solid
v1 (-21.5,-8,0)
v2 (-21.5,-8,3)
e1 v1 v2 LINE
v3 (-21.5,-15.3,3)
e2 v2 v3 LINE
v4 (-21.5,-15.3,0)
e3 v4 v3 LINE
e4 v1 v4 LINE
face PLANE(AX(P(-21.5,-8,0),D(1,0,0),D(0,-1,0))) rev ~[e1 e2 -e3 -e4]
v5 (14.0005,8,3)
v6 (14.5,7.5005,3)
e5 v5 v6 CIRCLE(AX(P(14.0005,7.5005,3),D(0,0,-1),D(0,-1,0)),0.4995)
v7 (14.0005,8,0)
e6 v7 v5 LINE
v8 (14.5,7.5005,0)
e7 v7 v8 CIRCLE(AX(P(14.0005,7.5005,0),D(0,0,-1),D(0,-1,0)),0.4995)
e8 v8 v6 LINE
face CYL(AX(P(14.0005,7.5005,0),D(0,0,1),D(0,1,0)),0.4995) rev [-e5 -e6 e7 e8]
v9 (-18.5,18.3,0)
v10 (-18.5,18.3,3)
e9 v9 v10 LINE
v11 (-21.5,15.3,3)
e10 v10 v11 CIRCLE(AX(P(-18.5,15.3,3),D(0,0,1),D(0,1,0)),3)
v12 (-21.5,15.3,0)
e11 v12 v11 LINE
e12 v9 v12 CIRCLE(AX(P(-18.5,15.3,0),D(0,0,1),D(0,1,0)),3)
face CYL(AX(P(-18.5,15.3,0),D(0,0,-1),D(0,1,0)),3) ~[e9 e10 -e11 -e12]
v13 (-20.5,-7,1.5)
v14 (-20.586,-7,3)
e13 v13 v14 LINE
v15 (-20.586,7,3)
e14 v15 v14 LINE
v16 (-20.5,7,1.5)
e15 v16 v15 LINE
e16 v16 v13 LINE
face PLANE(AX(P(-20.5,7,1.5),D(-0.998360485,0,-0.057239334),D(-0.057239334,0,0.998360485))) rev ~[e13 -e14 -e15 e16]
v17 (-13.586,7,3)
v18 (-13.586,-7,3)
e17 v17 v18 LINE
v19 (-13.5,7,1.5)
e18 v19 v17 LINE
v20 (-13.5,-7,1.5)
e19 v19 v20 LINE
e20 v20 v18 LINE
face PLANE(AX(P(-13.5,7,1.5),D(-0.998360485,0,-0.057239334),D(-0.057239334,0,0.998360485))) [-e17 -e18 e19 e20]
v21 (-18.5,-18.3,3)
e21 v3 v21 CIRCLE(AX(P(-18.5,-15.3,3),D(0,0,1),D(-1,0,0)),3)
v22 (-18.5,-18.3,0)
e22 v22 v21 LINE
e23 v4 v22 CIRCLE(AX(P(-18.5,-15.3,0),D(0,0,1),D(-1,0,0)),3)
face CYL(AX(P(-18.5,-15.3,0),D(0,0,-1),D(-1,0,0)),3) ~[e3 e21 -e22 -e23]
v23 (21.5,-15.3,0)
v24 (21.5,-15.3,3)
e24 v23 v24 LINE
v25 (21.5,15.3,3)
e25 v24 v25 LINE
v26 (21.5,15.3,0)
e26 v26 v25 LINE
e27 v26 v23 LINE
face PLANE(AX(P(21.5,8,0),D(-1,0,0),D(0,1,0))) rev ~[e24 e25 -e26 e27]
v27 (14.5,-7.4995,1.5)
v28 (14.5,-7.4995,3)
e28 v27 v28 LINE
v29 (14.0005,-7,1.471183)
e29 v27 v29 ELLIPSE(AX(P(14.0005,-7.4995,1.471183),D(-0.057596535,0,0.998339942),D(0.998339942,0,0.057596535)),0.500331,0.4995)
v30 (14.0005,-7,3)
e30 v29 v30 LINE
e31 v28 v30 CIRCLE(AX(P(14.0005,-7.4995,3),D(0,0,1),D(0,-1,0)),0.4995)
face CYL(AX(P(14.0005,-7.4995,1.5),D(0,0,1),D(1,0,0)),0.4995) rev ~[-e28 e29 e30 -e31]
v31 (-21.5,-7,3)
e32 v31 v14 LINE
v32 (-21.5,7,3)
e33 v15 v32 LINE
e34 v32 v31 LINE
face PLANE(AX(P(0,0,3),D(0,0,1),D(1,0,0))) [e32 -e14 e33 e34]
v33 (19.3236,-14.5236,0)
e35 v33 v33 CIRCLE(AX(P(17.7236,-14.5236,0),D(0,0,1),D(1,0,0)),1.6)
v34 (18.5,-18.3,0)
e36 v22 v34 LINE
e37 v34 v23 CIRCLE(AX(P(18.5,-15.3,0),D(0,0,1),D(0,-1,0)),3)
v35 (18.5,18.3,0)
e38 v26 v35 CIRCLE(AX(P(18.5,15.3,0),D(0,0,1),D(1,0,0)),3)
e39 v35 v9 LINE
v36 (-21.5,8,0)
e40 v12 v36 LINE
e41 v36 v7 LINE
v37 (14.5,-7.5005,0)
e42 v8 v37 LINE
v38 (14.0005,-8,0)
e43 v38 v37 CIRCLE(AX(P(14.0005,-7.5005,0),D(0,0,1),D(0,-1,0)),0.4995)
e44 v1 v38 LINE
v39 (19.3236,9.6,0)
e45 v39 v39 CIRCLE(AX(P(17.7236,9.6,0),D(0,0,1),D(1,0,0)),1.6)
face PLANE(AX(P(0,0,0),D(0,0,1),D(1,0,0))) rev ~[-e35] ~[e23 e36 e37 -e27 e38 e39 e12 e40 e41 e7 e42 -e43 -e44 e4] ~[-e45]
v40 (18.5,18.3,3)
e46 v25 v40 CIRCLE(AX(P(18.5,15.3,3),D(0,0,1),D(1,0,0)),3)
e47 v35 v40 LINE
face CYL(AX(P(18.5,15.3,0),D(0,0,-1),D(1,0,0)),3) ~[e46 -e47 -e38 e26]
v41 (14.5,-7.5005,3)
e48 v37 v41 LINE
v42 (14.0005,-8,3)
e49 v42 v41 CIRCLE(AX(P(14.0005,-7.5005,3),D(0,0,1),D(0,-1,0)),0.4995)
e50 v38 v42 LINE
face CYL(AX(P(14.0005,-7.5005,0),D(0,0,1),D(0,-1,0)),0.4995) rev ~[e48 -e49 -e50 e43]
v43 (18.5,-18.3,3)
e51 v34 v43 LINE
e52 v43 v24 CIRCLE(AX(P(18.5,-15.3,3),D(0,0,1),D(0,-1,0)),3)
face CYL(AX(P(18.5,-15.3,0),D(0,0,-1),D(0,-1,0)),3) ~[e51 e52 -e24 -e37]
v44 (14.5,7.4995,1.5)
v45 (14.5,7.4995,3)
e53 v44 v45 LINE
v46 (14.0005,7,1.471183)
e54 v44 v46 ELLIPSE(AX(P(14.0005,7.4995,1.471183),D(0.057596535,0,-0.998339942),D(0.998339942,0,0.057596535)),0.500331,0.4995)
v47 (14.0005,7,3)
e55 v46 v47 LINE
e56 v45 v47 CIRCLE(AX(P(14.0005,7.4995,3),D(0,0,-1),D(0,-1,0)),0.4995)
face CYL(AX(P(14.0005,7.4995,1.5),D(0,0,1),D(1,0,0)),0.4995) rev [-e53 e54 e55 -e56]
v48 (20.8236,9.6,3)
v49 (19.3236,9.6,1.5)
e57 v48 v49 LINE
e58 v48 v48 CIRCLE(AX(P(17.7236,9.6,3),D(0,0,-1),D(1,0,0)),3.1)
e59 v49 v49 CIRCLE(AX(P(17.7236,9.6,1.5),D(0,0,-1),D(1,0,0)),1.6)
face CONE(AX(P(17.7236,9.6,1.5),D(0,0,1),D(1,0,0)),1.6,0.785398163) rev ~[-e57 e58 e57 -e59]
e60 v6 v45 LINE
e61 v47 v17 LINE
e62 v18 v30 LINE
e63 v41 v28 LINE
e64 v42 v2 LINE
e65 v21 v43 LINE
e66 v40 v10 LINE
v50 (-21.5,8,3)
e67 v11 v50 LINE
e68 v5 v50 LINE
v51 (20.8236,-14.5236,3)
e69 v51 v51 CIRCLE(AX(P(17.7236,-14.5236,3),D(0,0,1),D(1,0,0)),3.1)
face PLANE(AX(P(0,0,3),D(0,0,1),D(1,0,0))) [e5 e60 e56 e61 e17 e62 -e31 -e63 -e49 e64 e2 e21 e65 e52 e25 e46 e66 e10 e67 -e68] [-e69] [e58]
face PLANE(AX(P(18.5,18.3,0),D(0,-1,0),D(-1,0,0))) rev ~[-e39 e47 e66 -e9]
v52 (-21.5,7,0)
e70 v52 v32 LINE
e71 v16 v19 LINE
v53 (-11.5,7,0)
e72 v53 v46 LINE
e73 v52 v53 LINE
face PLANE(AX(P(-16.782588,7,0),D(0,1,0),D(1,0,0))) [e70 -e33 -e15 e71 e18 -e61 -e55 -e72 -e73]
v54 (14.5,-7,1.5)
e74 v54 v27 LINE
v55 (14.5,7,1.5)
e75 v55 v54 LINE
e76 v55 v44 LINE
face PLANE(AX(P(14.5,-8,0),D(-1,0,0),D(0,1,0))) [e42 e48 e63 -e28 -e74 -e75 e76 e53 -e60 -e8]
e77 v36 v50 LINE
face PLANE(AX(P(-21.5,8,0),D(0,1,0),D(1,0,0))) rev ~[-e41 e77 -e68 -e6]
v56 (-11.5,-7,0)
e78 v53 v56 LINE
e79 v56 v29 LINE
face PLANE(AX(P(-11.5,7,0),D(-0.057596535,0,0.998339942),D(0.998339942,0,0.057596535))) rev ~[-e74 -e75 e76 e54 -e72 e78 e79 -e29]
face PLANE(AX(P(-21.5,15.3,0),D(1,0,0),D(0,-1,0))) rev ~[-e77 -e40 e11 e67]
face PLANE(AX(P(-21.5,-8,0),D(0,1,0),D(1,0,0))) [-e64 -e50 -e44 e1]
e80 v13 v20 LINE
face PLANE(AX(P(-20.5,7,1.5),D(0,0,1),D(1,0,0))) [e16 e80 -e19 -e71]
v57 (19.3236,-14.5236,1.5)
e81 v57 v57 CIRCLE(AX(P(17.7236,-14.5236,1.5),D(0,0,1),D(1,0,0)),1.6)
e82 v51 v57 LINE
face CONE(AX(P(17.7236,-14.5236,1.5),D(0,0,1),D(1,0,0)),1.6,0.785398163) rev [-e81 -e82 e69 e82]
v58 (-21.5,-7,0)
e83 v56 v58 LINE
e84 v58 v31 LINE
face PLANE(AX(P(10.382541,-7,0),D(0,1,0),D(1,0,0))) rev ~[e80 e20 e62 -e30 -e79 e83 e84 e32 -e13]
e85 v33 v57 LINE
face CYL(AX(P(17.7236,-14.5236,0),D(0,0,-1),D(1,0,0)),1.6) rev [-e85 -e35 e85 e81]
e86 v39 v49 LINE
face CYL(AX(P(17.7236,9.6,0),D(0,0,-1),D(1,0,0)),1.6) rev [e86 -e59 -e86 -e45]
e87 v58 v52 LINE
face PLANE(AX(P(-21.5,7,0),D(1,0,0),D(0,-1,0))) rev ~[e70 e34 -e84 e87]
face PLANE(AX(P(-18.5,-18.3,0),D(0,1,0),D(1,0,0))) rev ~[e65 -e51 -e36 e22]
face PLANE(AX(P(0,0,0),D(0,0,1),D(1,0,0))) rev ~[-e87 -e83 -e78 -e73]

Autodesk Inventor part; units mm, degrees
ref_plane "YZ Plane" through (0, 0, 0) normal (1, 0, 0) x (0, 1, 0)
ref_plane "XZ Plane" through (0, 0, 0) normal (0, 1, 0) x (-1, 0, 0)
ref_plane "XY Plane" through (0, 0, 0) normal (0, 0, 1) x (1, 0, 0)
sketch "Sketch1" plane through (0, 0, 0) normal (0, 0, 1) x (1, 0, 0)
  circle A0 centre (17.7236, 9.6) radius 1.6 projected
  circle A1 centre (17.7236, -14.5236) radius 1.6 projected
  line L0 (7.5226, -3.6515) -> (7.5226, 2.8) projected
  line L1 (7.5226, -3.6515) -> (9.3355, -5.4645) projected
  arc A2 (1.9766, -12.2221) -> (9.3355, -5.4645) centre (5.8, -9) ccw projected
  spline S0 degree 2 poles (1.9766, -12.2221) (-3.2, -10.4641) (-8.3766, -12.2221) knots 0.21241 0.21241 0.21241 0.78759 0.78759 0.78759 projected
  arc A3 (-15.4221, -5.1766) -> (-8.3766, -12.2221) centre (-12.2, -9) ccw projected
  spline S1 degree 2 poles (-15.4221, -5.1766) (-13.6641, 0) (-15.4221, 5.1766) knots 0.212408 0.212408 0.212408 0.787591 0.787591 0.787591 projected
  arc A4 (-8.6645, 12.5355) -> (-15.4221, 5.1766) centre (-12.2, 9) ccw projected
  line L2 (-8.6645, 12.5355) -> (-5.3142, 9.1853) projected
  arc A5 (-5.3142, 9.1853) -> (-2.6505, 9.0378) centre (-3.9, 10.5995) ccw projected
  arc A6 (-2.6505, 9.0378) -> (-2.5046, 9) centre (-2.5046, 9.3) ccw projected
  line L3 (-2.5046, 9) -> (-1.9, 9) projected
  arc A7 (3.1749, 12.6) -> (-1.9, 9) centre (7.9405, 0.505) ccw projected
  line L4 (3.1749, 12.6) -> (15.5327, 12.6) projected
  arc A8 (15.7904, 11.8941) -> (15.5327, 12.6) centre (15.5327, 12.2) ccw projected
  arc A9 (15.7904, 11.8941) -> (17.7236, 6.6) centre (17.7236, 9.6) ccw projected
  line L5 (18.5, 6.6) -> (17.7236, 6.6) projected
  line L6 (18.5, 6.6) -> (18.5, 2.8) projected
  line L7 (7.5226, 2.8) -> (18.5, 2.8) projected
  line L8 (-18.5, -18.3) -> (18.5, -18.3) projected
  arc A10 (18.5, -18.3) -> (21.5, -15.3) centre (18.5, -15.3) ccw projected
  line L9 (21.5, -15.3) -> (21.5, 15.3) projected
  arc A11 (21.5, 15.3) -> (18.5, 18.3) centre (18.5, 15.3) ccw projected
  line L10 (18.5, 18.3) -> (-18.5, 18.3) projected
  arc A12 (-18.5, 18.3) -> (-21.5, 15.3) centre (-18.5, 15.3) ccw projected
  line L11 (-21.5, 15.3) -> (-21.5, -15.3) projected
  arc A13 (-21.5, -15.3) -> (-18.5, -18.3) centre (-18.5, -15.3) ccw projected
  line L12 (-21.5, 0) -> (-21.5, -8)
  line L13 (-21.5, -8) -> (-21.5, -7)
  line L14 (-21.5, -7) -> (21.5, -7)
  line L15 (-21.5, -8) -> (21.5, -8)
  line L16 (-21.5, -7) -> (14.5, -7)
  line L17 (14.5, -8) -> (14.5, 0)
  line L18 (14.5, 0) -> (-21.5, 0)
  line L19 (-21.5, -15.3) -> (-21.5, 15.3)
  line L20 (-21.5, 7) -> (21.5, 7)
  line L21 (-21.5, 8) -> (21.5, 8)
  line L22 (14.5, 8) -> (14.5, 0)
  point P0 (0, 0)
  point P1 (10.699, -8)
  point P2 (14.5, 7)
  point P3 (10.3826, -7)
  dimension "d0" = 8
  dimension "d1" = 1
  dimension "d2" = 36
extrude "Extrusion1" add sketch "Sketch1" along normal blind 3 contours L21 A9 A8 L4 A7 L3 A6 A5 L2 A4 L11 A12 L10 A11 L9 | L21 L9 L20 A9 | L21 A4 L2 A5 A6 L3 A7 L4 A8 A9 | A9 L20 L22 L21 | L20 L9 L14 L17 L22 L7 L6 L5 A9 | A9 L5 L6 L7 L22 L20 | L22 L7 L0 L18 S1 A4 L20 | L9 L15 L17 L14 | A4 S1 L18 L11 L20 | L22 L18 L0 L7 | L9 A10 L8 A13 L11 L15 A3 S0 A2 | L14 A2 L1 L0 L18 L17 | L14 A3 S1 L18 L0 L1 A2 | S1 A3 L14 L11 L18 | A2 S0 A3 L15
chamfer "Chamfer1" distance 1.5 angle 45 2 edges at (16.1236, -14.5236, 3) (16.1236, 9.6, 3)
sketch "Sketch2" plane through (-21.5, 7, 0) normal (0, 1, 0) x (1, 0, 0)
  line L0 (36, 0) -> (36, -3) projected
  line L1 (36, 0) -> (36, -3)
  line L2 (0, -3) -> (3, -3) projected
  line L3 (36, 0) -> (0, 0)
  line L4 (0, 0) -> (0, -3)
  line L5 (0, -3) -> (36, -3)
  line L6 (36, -3) -> (36, 0)
  line L7 (0, -3) -> (7.914, -3)
  line L8 (3, -3) -> (40, -3) projected
  line L9 (0, 0) -> (0, -3) projected
  line L10 (0, -1.5) -> (8, -1.5)
  line L11 (8, -1.5) -> (7.914, -3)
  line L12 (0, 0) -> (10, 0)
  line L13 (0, 0) -> (36, 0) projected
  line L14 (10, 0) -> (36, -1.5)
  line L15 (0, -1.5) -> (1, -1.5)
  line L16 (1, -1.5) -> (0.914, -3)
  line L17 (0, -3) -> (36, -3) projected
  point P0 (21.5, 0)
  point P1 (7.914, -3)
  point P2 (0, -1.5)
  point P3 (0.914, -3)
  dimension "d8" = 7.914
  dimension "d9" = 8
  dimension "d10" = 10
  dimension "d14" = 1
extrude "Extrusion2" cut sketch "Sketch2" against normal up to surface (14 mm away) contours L0 L14 L3 | L5 L2 L16 L10 L11
fillet "Fillet1" radius 0.5 4 edges at (14.5, 8, 1.5) (14.5, 7, 2.25) (14.5, -7, 2.25) (14.5, -8, 1.5)
properties part number "test_akkum_shelki"
